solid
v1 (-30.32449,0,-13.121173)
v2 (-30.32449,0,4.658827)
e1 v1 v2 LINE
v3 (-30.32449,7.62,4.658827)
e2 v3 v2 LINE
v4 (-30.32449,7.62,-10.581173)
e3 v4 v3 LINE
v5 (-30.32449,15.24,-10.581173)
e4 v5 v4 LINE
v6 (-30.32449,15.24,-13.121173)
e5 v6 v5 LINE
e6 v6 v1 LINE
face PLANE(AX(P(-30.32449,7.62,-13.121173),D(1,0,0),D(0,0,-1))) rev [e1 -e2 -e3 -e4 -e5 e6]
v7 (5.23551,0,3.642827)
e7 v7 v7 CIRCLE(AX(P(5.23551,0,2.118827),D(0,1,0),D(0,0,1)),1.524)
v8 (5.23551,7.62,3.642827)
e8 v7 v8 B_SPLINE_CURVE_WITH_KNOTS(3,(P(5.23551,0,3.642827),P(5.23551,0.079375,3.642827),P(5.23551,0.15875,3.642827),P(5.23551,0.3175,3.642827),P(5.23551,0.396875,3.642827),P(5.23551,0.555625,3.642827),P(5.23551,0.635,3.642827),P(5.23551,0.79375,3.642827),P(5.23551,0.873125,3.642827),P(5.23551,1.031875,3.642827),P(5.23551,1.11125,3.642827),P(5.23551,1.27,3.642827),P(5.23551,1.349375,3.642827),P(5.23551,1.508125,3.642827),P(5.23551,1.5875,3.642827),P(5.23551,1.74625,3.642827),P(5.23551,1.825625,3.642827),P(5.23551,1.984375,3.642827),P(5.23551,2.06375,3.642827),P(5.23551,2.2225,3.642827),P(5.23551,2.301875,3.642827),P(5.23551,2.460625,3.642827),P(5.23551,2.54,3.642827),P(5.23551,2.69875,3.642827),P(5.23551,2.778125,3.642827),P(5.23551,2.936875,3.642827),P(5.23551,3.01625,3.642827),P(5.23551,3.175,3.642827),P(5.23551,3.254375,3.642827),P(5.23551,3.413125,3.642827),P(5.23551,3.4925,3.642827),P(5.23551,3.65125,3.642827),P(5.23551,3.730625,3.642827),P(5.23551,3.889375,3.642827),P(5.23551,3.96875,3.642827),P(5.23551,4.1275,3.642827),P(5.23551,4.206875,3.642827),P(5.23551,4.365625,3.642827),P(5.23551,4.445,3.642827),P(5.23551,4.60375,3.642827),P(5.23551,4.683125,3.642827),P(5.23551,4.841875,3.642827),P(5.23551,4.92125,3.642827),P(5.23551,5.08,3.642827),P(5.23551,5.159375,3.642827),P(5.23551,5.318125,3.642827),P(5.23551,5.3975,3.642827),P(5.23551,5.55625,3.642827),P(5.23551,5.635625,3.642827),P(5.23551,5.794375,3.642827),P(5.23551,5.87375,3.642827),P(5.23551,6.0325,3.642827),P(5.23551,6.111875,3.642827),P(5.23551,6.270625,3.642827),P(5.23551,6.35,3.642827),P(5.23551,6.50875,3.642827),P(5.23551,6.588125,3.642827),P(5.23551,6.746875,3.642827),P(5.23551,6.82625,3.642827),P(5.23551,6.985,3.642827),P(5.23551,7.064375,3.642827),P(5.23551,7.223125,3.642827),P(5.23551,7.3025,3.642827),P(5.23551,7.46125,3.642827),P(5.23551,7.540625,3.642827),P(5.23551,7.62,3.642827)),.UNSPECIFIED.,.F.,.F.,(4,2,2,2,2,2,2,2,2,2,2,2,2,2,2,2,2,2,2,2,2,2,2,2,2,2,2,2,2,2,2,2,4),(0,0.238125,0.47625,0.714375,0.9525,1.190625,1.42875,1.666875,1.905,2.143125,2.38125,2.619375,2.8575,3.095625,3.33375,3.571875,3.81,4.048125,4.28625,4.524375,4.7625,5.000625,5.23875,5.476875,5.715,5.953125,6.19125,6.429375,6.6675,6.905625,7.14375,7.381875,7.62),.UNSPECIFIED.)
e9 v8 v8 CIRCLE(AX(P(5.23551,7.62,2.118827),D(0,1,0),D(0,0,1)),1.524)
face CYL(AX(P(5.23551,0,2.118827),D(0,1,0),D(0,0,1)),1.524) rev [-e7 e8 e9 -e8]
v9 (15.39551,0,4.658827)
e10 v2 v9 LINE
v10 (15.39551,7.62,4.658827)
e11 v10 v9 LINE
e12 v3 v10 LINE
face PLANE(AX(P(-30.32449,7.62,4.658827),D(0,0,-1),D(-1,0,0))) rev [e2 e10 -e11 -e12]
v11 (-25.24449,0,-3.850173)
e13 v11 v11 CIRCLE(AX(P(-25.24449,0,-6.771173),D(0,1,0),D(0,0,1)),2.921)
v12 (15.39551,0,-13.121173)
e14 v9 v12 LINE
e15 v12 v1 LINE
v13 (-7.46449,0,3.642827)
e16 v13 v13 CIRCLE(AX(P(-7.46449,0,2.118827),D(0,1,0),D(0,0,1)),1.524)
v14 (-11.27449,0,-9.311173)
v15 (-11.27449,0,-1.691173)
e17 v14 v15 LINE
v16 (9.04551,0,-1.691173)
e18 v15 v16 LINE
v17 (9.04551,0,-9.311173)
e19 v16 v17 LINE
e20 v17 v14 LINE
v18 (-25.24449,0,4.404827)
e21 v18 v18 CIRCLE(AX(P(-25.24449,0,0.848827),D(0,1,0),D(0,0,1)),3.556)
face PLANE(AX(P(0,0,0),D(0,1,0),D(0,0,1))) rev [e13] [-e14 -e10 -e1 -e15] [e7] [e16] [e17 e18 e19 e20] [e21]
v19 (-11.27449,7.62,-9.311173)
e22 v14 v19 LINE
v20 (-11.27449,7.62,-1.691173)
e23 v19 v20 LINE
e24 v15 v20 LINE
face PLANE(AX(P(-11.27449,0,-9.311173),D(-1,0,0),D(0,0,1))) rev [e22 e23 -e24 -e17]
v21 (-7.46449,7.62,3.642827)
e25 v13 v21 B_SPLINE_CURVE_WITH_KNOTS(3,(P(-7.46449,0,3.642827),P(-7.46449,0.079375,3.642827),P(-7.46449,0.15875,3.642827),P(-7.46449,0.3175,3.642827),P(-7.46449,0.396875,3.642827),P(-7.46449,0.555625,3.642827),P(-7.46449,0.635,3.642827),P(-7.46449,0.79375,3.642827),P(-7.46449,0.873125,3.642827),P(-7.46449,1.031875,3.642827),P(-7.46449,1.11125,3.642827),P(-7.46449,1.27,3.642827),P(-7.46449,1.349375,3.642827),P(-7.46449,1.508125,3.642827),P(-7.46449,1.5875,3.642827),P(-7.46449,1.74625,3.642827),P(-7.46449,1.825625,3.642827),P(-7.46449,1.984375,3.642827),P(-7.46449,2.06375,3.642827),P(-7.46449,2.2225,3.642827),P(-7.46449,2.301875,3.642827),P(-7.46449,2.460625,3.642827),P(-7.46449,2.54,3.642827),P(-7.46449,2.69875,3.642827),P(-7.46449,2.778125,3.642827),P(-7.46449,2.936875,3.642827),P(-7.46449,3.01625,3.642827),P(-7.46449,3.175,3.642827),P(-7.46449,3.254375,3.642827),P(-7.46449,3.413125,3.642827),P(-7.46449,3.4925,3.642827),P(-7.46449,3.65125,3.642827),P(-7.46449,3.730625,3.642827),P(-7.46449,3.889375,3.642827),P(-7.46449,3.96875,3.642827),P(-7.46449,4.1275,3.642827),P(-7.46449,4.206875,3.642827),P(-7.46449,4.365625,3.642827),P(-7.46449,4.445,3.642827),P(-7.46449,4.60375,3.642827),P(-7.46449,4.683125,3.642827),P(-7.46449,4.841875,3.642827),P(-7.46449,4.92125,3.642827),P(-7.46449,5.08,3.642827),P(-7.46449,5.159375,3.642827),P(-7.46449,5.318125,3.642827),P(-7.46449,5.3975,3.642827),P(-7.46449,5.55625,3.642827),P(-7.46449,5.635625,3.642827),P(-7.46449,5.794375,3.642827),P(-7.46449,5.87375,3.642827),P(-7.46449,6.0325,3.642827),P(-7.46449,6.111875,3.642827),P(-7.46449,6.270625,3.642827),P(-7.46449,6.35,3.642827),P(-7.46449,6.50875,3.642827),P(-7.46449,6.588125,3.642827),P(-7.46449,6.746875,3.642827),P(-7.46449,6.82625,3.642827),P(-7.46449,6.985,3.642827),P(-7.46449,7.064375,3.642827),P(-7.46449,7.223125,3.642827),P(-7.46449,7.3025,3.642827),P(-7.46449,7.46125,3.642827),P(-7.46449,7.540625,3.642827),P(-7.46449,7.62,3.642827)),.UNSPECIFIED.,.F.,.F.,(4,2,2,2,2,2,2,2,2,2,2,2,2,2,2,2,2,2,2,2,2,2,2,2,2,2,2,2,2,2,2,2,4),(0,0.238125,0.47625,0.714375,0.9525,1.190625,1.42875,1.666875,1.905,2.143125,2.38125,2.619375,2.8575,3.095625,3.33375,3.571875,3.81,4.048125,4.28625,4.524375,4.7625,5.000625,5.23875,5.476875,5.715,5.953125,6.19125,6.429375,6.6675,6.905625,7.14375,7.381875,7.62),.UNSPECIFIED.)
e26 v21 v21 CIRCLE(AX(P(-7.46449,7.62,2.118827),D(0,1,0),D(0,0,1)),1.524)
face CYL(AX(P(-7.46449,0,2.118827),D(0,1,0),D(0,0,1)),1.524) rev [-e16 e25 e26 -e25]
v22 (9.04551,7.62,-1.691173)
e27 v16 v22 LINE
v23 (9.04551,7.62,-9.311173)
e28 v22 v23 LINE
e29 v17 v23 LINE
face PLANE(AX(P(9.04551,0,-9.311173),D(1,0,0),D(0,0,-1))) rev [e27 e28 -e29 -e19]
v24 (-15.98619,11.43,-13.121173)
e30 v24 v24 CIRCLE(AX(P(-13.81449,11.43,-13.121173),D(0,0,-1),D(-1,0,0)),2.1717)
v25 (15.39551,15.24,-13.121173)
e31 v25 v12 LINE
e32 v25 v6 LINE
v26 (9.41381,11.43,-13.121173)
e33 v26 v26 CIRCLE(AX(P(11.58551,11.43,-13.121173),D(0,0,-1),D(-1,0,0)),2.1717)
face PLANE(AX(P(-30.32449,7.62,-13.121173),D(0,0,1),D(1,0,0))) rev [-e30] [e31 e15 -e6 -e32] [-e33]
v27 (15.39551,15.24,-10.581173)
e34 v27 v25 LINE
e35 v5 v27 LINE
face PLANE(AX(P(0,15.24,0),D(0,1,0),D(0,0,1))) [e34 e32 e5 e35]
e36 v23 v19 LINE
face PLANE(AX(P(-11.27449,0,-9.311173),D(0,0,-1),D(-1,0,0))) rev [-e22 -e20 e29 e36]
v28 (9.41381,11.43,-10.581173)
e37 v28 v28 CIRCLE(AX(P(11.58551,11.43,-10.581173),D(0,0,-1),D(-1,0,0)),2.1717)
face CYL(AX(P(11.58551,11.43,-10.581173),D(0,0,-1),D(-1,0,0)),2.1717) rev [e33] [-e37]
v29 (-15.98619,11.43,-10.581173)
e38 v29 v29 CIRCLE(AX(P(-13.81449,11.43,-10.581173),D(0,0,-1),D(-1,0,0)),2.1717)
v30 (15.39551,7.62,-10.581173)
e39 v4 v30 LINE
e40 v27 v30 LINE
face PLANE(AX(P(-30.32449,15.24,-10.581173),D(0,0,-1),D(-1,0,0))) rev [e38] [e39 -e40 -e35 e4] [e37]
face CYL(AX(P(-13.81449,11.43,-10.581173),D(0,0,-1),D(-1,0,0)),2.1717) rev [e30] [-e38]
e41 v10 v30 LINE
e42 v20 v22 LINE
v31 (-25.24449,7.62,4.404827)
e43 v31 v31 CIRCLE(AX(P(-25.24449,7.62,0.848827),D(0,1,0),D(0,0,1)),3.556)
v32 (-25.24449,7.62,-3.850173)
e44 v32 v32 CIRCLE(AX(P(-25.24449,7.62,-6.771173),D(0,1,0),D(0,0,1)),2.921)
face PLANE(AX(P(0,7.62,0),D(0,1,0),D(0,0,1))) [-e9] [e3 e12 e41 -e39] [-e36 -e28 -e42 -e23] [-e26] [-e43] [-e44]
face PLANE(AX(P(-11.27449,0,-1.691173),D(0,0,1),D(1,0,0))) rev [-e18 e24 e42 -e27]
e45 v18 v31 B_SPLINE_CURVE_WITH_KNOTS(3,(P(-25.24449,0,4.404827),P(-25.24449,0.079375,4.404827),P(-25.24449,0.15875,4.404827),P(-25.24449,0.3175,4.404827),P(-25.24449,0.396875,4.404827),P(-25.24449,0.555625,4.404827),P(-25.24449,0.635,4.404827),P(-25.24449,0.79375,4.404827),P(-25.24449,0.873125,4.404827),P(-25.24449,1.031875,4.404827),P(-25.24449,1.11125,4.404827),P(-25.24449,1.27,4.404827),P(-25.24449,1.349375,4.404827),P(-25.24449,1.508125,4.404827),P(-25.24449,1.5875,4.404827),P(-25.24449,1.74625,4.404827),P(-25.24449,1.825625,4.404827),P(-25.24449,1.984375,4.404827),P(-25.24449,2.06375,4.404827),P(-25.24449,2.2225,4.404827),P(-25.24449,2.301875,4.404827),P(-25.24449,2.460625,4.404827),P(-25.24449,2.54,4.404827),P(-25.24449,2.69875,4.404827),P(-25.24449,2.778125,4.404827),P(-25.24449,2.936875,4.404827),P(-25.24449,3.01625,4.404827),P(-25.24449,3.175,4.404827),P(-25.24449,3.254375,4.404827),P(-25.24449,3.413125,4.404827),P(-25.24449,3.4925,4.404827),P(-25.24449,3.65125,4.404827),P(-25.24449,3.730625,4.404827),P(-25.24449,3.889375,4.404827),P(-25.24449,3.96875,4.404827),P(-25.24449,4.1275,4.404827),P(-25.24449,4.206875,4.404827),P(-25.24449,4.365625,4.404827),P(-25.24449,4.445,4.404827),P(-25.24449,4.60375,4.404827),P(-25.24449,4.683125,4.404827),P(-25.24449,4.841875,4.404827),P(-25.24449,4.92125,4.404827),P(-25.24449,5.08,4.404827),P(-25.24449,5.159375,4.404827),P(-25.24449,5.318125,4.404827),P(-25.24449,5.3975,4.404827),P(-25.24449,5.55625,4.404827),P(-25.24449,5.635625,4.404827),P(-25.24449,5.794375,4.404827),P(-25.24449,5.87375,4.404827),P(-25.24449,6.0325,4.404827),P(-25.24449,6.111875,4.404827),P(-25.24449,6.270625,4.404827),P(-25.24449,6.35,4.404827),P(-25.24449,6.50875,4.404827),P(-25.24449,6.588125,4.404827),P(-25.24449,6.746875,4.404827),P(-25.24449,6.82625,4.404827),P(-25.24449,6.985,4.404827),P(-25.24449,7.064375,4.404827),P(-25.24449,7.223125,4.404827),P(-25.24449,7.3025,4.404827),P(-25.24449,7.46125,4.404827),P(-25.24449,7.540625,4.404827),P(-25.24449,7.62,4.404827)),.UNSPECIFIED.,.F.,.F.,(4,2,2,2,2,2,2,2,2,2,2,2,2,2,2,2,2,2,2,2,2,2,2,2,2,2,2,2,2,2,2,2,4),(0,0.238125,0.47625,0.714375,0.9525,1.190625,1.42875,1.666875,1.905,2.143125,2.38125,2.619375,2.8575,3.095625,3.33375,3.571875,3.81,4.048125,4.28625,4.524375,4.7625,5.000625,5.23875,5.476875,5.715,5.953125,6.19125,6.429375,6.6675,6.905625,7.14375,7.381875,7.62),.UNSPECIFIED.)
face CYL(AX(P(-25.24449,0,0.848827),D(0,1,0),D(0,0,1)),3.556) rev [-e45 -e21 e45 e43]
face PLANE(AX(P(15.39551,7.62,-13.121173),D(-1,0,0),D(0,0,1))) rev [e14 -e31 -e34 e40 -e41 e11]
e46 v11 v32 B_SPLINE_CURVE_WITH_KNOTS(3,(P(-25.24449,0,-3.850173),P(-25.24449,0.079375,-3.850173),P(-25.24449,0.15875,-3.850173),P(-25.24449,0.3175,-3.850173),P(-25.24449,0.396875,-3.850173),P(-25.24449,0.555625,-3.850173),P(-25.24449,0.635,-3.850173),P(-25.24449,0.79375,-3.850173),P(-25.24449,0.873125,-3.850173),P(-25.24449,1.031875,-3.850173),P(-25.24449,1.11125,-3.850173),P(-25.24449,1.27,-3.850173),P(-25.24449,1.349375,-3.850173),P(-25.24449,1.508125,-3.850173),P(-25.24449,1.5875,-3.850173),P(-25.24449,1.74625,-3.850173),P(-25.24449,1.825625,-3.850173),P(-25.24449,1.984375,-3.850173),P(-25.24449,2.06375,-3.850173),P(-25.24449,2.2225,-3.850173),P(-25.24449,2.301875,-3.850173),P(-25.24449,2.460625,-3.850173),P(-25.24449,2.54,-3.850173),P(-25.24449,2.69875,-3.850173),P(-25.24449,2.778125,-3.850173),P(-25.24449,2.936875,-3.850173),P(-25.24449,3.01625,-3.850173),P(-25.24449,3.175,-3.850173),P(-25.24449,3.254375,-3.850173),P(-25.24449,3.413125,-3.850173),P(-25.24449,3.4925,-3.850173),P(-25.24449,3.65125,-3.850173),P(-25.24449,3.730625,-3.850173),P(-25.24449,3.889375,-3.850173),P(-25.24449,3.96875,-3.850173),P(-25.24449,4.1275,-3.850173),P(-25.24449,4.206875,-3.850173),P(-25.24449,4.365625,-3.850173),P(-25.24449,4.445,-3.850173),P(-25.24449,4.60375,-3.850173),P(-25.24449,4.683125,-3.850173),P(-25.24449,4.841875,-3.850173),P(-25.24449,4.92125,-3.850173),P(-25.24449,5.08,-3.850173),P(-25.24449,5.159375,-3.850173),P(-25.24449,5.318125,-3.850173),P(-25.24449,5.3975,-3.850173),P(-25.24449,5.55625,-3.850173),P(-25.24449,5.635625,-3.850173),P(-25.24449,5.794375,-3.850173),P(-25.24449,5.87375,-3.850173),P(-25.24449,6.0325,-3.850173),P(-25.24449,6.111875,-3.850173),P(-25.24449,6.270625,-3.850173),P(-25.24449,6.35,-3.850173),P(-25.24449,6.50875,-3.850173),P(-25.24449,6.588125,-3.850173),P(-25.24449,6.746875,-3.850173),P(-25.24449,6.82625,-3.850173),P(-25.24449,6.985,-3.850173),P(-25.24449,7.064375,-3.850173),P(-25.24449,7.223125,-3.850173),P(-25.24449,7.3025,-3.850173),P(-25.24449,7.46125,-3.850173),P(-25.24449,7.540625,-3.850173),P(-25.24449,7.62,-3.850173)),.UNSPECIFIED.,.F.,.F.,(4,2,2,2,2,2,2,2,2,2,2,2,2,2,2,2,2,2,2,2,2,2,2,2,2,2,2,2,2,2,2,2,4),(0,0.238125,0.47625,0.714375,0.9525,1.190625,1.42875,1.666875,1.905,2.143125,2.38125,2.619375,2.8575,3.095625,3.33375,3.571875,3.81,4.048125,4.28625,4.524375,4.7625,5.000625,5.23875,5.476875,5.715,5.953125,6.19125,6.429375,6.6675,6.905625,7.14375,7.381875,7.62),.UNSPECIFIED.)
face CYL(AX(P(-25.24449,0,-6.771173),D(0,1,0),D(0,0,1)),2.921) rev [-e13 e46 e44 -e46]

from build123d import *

# Parameters (mm, degrees)
SKETCH1_W           = 45.72
SKETCH1_H           = 17.78
BOSS_EXTRUDE1_DEPTH = 7.62
SKETCH2_W           = 45.72
SKETCH2_H           = 2.54
BOSS_EXTRUDE2_DEPTH = 7.62
SKETCH3_R           = 2.1717
CUT_EXTRUDE1_DEPTH  = 2.54
SKETCH4_R           = 3.556
SKETCH4_R_2         = 2.921
SKETCH4_R_3         = 1.524
SKETCH4_W           = 20.32
SKETCH4_H           = 7.62
CUT_EXTRUDE2_DEPTH  = 7.62


with BuildPart() as part:
    # Sketch1 → Boss-Extrude1 (new body)
    with BuildSketch(Plane(origin=(0, 0, 0), x_dir=(1, 0, 0), z_dir=(0, 1, 0))):
        with Locations((-7.464489796, 4.231173469)):
            Rectangle(SKETCH1_W, SKETCH1_H)
    extrude(amount=BOSS_EXTRUDE1_DEPTH)

    # Sketch2 → Boss-Extrude2 (add)
    with BuildSketch(Plane(origin=(0, 7.62, 0), x_dir=(1, 0, 0), z_dir=(0, 1, 0))):
        with Locations((-7.464489796, 11.851173469)):
            Rectangle(SKETCH2_W, SKETCH2_H)
    extrude(amount=BOSS_EXTRUDE2_DEPTH)

    # Sketch3 → Cut-Extrude1 (cut)
    with BuildSketch(Plane(origin=(0, 0, -13.121173469), x_dir=(-1, 0, 0), z_dir=(0, 0, -1))):
        with Locations((13.814489796, 11.43)):
            Circle(SKETCH3_R)
        with Locations((-11.585510204, 11.43)):
            Circle(SKETCH3_R)
    extrude(amount=-CUT_EXTRUDE1_DEPTH, mode=Mode.SUBTRACT)

    # Sketch4 → Cut-Extrude2 (cut)
    with BuildSketch(Plane(origin=(0, 7.62, 0), x_dir=(1, 0, 0), z_dir=(0, 1, 0))):
        with Locations(Location((-25.244489796, -0.848826531, 0), (0, 0, 270))):
            Circle(SKETCH4_R)
        with Locations(Location((-25.244489796, 6.771173469, 0), (0, 0, 270))):
            Circle(SKETCH4_R_2)
        with Locations(Location((-7.464489796, -2.118826531, 0), (0, 0, 270))):
            Circle(SKETCH4_R_3)
        with Locations(Location((5.235510204, -2.118826531, 0), (0, 0, 270))):
            Circle(SKETCH4_R_3)
        with Locations((-1.114489796, 5.501173469)):
            Rectangle(SKETCH4_W, SKETCH4_H)
    extrude(amount=-CUT_EXTRUDE2_DEPTH, mode=Mode.SUBTRACT)


solid = part.part
